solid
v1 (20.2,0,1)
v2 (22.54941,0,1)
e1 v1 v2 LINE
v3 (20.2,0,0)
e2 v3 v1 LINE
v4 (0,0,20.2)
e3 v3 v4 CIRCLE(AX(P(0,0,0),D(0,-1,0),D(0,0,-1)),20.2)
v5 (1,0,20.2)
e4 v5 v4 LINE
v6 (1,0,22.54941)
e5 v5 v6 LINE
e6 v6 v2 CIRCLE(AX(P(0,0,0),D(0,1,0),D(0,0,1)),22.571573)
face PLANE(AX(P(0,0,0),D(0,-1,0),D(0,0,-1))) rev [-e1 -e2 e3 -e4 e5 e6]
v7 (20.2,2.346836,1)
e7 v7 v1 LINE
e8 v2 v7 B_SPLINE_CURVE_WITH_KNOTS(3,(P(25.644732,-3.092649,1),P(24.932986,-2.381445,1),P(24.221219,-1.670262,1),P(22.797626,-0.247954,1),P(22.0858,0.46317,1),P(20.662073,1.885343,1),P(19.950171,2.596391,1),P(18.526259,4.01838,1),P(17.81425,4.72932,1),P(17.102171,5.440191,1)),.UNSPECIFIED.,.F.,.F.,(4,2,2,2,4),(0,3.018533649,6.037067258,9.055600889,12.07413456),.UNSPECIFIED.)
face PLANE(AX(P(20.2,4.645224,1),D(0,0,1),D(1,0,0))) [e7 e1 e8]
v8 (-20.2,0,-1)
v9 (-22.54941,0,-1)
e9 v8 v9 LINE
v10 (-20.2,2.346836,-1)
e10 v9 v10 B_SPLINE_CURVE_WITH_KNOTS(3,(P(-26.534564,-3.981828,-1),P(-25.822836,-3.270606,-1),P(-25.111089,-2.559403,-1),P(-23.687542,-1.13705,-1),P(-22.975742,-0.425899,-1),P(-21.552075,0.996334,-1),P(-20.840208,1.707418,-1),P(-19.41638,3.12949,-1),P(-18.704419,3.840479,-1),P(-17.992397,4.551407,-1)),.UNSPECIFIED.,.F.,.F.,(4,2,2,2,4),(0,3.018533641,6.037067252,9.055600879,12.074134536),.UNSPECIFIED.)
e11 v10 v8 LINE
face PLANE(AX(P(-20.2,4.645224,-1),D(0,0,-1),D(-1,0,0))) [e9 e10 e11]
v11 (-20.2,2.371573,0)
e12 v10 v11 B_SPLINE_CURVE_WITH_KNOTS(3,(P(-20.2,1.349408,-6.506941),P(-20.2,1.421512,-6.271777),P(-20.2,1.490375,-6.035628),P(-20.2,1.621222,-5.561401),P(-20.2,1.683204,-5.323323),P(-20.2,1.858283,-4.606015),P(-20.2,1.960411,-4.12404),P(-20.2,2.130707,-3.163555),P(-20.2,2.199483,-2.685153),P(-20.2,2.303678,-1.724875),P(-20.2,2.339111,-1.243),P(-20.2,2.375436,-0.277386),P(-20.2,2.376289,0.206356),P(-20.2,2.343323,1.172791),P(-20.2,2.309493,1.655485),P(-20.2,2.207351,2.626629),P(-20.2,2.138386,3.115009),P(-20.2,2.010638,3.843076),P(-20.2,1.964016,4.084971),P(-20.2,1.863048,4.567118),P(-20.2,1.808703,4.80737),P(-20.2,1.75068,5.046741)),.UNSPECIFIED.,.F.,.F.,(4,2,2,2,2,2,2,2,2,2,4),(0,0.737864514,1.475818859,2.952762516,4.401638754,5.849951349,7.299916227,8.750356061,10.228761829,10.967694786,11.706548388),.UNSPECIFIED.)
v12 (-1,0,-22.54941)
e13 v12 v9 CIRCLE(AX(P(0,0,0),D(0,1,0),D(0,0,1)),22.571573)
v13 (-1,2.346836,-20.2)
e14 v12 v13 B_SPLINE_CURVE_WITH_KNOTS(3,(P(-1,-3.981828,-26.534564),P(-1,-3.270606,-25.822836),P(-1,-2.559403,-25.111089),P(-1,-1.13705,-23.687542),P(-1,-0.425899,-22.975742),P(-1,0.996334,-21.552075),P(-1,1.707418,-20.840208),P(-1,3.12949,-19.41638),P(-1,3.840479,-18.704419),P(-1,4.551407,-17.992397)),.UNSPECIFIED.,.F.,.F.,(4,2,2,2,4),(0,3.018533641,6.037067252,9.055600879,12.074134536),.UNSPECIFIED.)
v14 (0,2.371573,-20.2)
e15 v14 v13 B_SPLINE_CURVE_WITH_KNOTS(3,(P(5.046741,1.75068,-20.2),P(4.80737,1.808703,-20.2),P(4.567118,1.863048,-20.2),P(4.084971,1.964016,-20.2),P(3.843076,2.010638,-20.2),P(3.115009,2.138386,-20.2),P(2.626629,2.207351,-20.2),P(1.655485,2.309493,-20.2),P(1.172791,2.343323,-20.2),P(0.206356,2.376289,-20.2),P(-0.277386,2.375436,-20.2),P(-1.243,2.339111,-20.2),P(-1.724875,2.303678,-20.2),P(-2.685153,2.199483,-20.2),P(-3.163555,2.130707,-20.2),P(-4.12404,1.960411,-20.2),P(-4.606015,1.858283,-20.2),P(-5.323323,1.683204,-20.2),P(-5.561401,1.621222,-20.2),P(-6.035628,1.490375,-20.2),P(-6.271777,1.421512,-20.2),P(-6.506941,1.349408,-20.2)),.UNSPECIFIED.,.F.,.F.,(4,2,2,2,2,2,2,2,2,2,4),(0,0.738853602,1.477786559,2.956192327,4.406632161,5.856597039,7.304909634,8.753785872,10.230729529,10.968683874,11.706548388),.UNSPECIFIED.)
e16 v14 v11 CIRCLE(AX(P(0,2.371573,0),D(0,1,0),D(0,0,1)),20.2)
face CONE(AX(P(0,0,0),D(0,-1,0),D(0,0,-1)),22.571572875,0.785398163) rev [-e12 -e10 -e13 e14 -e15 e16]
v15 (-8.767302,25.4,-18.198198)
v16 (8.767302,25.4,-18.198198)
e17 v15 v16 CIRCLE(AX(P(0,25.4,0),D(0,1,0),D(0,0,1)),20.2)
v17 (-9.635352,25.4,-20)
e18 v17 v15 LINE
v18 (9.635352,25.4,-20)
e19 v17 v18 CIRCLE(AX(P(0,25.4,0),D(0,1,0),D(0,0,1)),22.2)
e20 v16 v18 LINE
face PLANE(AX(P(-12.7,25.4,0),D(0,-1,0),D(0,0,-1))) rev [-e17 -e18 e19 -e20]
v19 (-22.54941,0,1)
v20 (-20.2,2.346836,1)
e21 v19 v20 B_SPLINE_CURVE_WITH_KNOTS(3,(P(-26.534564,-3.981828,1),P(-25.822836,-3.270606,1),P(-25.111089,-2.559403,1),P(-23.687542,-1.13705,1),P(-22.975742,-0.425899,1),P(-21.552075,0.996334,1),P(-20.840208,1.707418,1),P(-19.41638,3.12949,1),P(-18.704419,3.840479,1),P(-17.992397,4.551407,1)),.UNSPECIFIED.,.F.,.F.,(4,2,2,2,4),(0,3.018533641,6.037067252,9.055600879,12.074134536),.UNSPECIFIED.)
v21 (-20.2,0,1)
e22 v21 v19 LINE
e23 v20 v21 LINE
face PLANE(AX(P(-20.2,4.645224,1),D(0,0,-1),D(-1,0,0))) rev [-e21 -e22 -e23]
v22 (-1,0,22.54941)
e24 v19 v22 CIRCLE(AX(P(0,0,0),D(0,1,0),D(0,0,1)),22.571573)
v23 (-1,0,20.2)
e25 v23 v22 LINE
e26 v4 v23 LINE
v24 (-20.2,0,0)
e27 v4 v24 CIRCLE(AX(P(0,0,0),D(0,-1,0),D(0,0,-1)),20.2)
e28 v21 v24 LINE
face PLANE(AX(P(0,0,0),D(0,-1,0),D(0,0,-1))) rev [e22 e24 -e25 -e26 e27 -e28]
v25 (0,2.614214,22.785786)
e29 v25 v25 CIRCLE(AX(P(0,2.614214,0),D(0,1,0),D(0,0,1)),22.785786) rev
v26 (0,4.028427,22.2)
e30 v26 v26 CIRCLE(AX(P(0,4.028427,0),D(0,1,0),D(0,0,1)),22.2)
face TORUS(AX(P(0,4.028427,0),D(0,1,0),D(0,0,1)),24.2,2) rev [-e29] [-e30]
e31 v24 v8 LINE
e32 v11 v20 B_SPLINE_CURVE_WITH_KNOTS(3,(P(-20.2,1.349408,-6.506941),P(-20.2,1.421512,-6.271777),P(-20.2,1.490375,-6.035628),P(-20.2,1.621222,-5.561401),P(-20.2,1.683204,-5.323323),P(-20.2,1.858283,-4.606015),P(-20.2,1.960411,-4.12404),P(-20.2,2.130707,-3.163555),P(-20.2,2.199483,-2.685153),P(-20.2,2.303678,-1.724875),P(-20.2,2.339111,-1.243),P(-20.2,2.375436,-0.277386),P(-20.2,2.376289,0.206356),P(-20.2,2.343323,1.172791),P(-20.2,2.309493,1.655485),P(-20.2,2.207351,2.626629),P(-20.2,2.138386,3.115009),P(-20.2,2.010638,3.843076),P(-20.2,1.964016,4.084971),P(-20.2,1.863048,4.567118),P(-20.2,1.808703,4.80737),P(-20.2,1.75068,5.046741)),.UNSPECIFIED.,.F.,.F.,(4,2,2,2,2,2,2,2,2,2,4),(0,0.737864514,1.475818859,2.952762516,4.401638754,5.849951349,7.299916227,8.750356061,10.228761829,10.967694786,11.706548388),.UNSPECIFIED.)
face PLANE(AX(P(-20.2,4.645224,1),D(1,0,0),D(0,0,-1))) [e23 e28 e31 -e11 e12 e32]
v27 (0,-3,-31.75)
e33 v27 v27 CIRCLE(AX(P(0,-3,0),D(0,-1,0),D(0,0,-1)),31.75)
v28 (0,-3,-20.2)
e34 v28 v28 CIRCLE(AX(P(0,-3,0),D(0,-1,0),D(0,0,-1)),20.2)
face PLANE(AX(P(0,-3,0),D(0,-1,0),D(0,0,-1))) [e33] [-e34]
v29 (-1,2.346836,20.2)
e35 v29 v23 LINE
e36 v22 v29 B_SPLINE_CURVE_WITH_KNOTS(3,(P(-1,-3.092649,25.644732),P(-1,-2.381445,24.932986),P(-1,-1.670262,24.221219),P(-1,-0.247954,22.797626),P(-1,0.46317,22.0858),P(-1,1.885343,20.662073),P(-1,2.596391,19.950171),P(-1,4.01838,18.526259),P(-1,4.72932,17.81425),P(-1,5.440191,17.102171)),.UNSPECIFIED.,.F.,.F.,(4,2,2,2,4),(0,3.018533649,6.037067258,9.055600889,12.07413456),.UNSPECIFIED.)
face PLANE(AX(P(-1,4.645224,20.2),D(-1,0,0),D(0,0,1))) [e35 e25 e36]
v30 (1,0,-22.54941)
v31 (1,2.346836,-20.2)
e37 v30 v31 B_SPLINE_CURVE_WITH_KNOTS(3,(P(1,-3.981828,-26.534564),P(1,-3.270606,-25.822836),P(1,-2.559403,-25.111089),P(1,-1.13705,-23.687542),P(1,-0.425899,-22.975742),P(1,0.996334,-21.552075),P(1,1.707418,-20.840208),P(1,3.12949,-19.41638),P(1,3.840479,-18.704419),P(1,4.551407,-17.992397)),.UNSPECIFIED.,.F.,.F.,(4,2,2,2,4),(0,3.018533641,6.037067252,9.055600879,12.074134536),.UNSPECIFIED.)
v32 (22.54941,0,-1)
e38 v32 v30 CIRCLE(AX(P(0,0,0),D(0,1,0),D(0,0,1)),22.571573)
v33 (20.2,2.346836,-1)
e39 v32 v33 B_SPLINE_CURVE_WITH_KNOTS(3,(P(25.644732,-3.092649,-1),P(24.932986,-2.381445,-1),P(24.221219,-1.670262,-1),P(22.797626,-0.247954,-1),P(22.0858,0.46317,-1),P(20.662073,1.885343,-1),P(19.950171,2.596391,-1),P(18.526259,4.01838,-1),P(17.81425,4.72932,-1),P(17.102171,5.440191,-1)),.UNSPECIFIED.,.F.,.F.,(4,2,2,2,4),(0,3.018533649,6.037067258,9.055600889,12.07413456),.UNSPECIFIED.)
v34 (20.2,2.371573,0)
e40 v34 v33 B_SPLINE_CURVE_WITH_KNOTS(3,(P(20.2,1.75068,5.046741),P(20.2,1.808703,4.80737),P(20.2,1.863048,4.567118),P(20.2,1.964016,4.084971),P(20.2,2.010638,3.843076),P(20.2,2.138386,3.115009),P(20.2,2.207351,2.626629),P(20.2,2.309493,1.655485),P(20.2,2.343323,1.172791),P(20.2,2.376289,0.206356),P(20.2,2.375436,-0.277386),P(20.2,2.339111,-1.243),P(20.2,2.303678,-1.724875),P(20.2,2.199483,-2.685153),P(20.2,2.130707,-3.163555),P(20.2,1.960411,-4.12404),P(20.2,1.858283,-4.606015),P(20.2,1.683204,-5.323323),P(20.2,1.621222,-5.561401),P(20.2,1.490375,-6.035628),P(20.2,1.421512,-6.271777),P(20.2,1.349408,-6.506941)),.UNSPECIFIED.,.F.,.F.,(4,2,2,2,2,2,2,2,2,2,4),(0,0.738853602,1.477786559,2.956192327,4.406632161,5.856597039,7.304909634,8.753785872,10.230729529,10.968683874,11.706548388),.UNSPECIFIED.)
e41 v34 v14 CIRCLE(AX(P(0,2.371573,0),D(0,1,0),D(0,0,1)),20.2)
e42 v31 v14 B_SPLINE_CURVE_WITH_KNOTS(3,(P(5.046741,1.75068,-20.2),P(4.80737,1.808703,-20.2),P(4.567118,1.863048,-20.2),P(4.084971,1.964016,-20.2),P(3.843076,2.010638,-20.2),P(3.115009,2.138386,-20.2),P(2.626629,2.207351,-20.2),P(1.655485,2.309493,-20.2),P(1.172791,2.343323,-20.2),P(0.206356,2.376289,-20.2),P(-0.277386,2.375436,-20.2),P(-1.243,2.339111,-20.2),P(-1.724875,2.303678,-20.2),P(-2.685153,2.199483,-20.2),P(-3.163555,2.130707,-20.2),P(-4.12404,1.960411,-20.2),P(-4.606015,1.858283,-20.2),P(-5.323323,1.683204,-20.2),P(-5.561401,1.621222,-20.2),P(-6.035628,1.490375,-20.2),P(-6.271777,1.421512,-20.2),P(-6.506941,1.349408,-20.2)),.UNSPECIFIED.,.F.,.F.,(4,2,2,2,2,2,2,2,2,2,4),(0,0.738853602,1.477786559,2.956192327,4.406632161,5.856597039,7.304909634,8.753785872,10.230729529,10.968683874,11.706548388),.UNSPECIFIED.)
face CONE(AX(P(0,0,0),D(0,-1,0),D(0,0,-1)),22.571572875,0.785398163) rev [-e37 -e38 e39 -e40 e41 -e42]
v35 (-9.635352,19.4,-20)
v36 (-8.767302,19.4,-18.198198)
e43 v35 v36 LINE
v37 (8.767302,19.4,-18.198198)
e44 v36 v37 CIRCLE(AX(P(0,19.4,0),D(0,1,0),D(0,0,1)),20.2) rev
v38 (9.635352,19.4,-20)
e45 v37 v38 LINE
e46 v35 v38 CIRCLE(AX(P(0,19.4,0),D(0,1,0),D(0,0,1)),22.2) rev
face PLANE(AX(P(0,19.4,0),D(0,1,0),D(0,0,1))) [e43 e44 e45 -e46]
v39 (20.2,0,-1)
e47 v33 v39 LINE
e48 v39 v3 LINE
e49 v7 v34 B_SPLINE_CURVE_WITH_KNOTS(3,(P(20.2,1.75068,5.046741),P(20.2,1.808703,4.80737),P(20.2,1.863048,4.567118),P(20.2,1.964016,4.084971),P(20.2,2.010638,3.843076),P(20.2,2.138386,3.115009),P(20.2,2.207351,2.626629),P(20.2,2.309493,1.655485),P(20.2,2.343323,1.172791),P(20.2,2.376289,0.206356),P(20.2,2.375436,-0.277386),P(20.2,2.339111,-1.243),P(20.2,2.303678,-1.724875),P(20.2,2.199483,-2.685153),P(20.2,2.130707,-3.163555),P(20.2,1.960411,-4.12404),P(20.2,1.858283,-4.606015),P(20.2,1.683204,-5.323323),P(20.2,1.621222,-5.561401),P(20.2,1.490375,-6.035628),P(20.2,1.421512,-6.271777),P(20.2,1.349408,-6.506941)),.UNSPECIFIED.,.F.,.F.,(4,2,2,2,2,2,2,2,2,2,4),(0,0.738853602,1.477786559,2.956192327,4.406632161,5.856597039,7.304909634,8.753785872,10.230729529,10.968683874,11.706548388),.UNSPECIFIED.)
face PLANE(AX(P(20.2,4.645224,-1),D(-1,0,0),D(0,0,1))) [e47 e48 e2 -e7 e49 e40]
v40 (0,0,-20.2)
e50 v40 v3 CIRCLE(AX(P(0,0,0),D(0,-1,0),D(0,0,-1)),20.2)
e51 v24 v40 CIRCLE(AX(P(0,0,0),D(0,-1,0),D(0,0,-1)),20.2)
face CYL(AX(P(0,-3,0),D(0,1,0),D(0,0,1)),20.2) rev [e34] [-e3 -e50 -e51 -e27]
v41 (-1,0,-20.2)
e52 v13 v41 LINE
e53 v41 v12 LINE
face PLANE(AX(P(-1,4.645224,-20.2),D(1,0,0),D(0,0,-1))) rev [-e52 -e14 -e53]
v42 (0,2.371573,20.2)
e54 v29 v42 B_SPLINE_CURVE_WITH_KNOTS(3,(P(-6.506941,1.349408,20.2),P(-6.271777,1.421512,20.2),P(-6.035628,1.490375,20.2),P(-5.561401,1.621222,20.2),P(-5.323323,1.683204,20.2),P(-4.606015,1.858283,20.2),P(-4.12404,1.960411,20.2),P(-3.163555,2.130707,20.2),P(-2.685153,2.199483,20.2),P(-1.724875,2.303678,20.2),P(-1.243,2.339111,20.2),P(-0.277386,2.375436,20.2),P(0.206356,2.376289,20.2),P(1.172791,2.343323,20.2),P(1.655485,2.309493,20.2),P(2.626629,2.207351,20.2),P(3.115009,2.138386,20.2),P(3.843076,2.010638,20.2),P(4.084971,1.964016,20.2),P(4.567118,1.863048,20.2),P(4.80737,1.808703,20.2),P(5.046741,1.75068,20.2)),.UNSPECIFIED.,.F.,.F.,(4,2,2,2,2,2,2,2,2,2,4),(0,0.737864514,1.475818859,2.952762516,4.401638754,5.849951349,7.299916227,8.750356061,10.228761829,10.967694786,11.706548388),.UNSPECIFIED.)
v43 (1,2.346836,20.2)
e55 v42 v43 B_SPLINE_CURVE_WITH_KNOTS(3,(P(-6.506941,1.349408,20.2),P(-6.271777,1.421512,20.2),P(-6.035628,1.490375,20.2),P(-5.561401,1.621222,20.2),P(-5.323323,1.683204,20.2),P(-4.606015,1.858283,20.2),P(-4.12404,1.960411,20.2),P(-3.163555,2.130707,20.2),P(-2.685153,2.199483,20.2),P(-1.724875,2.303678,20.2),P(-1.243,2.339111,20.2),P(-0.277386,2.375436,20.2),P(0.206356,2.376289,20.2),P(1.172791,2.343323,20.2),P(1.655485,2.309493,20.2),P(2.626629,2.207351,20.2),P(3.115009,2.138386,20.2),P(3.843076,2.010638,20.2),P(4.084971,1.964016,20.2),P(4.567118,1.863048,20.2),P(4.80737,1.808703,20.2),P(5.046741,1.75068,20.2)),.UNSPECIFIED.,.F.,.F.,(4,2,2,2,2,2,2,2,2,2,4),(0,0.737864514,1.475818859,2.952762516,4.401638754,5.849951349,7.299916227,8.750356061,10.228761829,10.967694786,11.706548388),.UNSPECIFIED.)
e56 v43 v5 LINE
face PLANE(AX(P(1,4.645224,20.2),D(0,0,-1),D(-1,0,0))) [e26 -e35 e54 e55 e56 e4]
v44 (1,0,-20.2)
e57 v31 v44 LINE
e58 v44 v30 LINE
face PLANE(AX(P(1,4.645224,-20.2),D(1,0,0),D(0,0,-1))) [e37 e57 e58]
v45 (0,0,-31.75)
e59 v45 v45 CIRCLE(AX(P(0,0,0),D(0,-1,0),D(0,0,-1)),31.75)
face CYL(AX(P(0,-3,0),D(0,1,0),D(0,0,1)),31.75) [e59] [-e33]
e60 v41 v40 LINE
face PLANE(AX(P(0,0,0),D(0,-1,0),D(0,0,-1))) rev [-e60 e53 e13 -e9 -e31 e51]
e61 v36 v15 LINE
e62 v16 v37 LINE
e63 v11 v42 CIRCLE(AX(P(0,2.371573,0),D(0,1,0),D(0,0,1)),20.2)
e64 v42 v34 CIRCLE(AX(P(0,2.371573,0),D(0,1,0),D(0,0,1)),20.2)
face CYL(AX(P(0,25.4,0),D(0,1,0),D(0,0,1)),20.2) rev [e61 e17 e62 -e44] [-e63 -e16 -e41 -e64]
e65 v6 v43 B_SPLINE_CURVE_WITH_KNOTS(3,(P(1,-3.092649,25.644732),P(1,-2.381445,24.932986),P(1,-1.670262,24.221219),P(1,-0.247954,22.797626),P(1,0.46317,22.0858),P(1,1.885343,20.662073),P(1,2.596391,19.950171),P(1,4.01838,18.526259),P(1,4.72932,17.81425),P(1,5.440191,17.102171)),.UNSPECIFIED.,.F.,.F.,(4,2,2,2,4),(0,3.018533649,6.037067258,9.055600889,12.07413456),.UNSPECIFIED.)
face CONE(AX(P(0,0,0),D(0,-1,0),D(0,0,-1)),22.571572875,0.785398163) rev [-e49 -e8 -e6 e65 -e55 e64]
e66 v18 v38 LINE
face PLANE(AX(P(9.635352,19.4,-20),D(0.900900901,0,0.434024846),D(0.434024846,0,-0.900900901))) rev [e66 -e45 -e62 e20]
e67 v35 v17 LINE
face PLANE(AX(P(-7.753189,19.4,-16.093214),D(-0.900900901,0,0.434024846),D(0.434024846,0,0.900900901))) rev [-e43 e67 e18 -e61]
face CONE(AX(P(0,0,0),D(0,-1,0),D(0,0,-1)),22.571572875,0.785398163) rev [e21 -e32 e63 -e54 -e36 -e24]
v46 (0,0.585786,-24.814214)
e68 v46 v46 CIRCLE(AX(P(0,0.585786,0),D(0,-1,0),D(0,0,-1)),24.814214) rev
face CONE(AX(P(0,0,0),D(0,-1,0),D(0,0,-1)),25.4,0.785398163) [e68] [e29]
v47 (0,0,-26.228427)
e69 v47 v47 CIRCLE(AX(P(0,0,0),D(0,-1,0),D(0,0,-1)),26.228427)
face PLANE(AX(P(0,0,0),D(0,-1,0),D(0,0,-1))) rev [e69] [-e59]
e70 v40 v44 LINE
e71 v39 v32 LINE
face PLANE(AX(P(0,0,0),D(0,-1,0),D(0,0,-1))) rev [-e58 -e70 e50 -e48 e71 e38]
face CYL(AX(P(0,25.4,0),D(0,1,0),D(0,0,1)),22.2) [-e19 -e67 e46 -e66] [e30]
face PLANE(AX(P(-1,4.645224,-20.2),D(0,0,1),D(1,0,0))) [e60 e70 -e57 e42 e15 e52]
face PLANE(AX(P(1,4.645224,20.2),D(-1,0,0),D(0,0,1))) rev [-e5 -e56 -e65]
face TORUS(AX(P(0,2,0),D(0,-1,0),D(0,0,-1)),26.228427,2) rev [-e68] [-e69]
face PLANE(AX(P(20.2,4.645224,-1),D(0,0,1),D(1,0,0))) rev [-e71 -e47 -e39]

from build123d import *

# Parameters (mm, degrees)
SKETCH4_R           = 31.75
SKETCH4_R_2         = 20.2
BOSS_EXTRUDE1_DEPTH = 3
FILLET1_R           = 2
FILLET2_R           = 2
BOSS_EXTRUDE2_DEPTH = 1
CIRPATTERN1_COUNT   = 4
CUT_EXTRUDE1_DEPTH  = 6
CUT_EXTRUDE2_DEPTH  = 6


with BuildPart() as part:
    # Sketch3 → Revolve1 (revolve)
    with BuildSketch(Plane.XY):
        Polygon((-20.2, 25.4), (-22.2, 25.4), (-22.2, 3.2), (-25.4, 0), (-22.571572875, 0), (-20.2, 2.371572875), align=None)
    revolve(axis=Axis((0, 25.4, 0), (0, -1, 0)))

    # Sketch4 → Boss-Extrude1 (add)
    with BuildSketch(Plane.XZ):
        Circle(SKETCH4_R)
        Circle(SKETCH4_R_2, mode=Mode.SUBTRACT)
    extrude(amount=BOSS_EXTRUDE1_DEPTH)

    # Fillet1
    fillet1_edges = [part.edges().sort_by_distance(p)[0] for p in [
        (25.4, 0, 0),
    ]]
    fillet(fillet1_edges, radius=FILLET1_R)

    # Fillet2
    fillet2_edges = [part.edges().sort_by_distance(p)[0] for p in [
        (22.2, 3.2, 0),
    ]]
    fillet(fillet2_edges, radius=FILLET2_R)

    # Sketch5 → Boss-Extrude2 (add, symmetric)
    with BuildSketch(Plane.XY):
        Polygon((20.2, 0), (23.444013634, 0), (23.444013634, 1.439043573), (20.2, 4.645223745), align=None)
    boss_extrude2 = extrude(amount=BOSS_EXTRUDE2_DEPTH, both=True)

    # CirPattern1: Boss-Extrude2 ×4 about axis
    cirpattern1_axis = Axis((0, 25.4, 0), (0, 1, 0))
    for i in range(1, CIRPATTERN1_COUNT):
        add(boss_extrude2.rotate(cirpattern1_axis, i * 360 / CIRPATTERN1_COUNT))

    # Sketch6 → Cut-Extrude1 (cut)
    with BuildSketch(Plane(origin=(0, 25.4, 0), x_dir=(1, 0, 0), z_dir=(0, 1, 0))):
        with BuildLine():
            Line((0, 20), (-13.834891336, 20))
            ThreePointArc((-13.834891336, 20), (0, 24.318803801), (13.834891336, 20))
            Line((13.834891336, 20), (0, 20))
        make_face()
    extrude(amount=-CUT_EXTRUDE1_DEPTH, mode=Mode.SUBTRACT)

    # Sketch7 → Cut-Extrude2 (cut)
    with BuildSketch(Plane(origin=(0, 25.4, 0), x_dir=(1, 0, 0), z_dir=(0, 1, 0))):
        Polygon((-9.635351576, 20), (2.835489376, 20), (9.635351576, 20), (7.753188698, 16.093213904), (-7.753188698, 16.093213904), align=None)
    extrude(amount=-CUT_EXTRUDE2_DEPTH, mode=Mode.SUBTRACT)


solid = part.part
